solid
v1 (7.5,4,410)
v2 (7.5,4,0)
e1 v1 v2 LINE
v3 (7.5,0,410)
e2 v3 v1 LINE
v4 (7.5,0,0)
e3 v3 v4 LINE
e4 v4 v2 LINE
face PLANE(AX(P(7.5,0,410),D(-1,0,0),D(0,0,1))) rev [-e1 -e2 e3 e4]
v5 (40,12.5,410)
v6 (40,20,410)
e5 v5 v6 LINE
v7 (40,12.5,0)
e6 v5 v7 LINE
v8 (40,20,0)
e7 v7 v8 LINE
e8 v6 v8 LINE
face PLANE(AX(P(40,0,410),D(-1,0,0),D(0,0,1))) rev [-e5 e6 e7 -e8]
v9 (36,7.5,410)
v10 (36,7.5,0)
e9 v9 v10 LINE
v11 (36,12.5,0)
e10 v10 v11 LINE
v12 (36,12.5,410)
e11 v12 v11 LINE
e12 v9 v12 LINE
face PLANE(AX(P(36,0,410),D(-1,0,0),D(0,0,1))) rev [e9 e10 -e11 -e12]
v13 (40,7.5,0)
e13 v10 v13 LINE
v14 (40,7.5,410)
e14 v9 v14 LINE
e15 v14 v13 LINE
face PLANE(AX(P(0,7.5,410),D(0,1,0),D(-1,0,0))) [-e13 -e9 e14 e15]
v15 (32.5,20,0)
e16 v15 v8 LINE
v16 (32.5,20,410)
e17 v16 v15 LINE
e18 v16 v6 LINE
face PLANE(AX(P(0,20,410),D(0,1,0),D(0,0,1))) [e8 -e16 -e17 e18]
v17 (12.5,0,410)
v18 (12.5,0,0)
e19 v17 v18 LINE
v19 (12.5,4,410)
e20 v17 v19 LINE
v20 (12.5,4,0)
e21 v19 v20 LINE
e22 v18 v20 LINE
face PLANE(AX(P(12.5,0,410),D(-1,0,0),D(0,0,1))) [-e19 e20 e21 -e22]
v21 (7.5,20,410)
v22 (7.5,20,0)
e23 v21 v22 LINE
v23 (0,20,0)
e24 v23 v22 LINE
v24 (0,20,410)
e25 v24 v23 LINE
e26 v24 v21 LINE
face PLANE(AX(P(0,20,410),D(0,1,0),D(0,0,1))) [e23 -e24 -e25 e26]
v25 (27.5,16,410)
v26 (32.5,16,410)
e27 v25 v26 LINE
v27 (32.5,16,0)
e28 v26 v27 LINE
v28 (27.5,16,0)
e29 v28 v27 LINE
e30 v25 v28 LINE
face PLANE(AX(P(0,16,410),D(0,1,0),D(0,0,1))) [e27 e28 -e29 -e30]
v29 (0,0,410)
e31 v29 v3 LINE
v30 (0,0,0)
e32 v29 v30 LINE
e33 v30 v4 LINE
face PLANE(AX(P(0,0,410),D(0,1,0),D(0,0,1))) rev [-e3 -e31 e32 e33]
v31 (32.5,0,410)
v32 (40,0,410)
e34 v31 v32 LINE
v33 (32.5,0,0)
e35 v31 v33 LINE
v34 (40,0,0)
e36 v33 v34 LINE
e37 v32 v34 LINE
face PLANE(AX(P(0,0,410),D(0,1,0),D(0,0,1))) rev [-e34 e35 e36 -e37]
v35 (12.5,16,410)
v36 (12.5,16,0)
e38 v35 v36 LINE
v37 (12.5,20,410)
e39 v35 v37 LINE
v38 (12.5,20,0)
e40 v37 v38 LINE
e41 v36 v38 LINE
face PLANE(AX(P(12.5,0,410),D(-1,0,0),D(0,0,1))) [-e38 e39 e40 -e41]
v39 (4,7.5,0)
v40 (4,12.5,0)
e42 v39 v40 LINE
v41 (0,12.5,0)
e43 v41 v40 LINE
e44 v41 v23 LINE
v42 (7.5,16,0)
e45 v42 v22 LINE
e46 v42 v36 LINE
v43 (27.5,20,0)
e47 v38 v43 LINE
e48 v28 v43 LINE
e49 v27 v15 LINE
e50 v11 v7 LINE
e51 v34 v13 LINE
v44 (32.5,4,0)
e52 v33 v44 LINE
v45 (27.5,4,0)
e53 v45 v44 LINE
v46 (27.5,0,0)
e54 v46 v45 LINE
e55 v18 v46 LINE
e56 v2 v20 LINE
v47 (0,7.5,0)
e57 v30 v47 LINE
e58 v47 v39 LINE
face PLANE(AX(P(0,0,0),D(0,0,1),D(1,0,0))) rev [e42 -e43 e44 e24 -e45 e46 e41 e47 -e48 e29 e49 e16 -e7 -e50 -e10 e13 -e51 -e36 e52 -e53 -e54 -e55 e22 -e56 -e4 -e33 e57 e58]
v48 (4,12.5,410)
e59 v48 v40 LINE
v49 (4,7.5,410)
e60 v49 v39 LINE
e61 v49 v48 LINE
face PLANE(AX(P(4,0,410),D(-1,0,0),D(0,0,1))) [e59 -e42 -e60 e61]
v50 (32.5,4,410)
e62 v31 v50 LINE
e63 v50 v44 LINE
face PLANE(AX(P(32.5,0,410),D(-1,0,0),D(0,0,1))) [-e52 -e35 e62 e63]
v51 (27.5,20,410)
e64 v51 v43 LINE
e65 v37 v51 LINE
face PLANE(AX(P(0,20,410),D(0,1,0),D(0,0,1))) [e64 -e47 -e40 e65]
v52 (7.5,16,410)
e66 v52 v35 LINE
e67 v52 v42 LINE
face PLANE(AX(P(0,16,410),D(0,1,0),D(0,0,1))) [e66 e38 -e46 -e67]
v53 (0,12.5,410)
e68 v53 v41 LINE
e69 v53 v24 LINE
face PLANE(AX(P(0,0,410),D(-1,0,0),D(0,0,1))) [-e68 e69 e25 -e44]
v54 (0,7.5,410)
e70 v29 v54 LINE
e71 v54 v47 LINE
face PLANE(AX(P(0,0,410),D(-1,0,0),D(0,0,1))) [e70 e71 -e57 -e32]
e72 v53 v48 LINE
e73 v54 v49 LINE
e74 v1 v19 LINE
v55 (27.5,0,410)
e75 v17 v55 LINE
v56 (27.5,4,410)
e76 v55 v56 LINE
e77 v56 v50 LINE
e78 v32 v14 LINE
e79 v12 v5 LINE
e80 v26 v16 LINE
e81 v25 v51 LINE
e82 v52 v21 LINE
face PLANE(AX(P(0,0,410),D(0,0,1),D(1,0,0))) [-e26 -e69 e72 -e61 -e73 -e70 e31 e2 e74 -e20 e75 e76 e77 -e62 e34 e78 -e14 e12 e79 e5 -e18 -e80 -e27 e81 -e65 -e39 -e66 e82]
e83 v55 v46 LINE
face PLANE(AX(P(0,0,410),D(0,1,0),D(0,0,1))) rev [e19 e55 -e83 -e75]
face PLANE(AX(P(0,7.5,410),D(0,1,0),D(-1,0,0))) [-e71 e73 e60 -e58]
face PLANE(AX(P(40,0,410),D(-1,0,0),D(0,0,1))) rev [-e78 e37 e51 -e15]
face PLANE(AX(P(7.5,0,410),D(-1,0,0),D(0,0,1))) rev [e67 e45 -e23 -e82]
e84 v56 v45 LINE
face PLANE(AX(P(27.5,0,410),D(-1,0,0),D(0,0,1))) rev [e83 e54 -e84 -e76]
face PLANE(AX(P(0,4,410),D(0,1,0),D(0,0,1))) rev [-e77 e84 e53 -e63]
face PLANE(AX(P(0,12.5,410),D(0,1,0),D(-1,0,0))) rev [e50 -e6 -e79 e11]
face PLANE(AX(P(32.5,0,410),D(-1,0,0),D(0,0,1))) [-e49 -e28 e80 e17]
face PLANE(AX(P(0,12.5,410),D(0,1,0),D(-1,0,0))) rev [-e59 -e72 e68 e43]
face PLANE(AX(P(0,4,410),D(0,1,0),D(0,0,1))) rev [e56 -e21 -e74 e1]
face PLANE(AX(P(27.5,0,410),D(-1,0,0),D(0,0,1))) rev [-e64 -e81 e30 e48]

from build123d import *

# Parameters (mm, degrees)
ESQUISSE1_W        = 3.5
ESQUISSE1_H        = 5
ESQUISSE1_W_2      = 5
ESQUISSE1_H_2      = 3.5
ESQUISSE1_W_3      = 4
BOSS_EXTRU_1_DEPTH = 410


with BuildPart() as part:
    # Esquisse1 → Boss.-Extru.1 (new body)
    with BuildSketch(Plane.XY):
        Polygon((7.5, 16), (7.5, 20), (0, 20), (4, 16), align=None)
        Polygon((4, 16), (0, 20), (0, 12.5), (4, 12.5), align=None)
        Polygon((4, 7.5), (0, 7.5), (0, 0), (4, 4), align=None)
        Polygon((0, 0), (7.5, 0), (7.5, 4), (4, 4), align=None)
        Polygon((4, 4), (7.5, 7.5), (4, 7.5), align=None)
        Polygon((7.5, 4), (7.5, 7.5), (4, 4), align=None)
        Polygon((4, 12.5), (7.5, 12.5), (4, 16), align=None)
        Polygon((7.5, 12.5), (7.5, 16), (4, 16), align=None)
        with Locations((5.75, 10)):
            Rectangle(ESQUISSE1_W, ESQUISSE1_H)
        Polygon((7.5, 7.5), (10, 10), (7.5, 12.5), align=None)
        Polygon((10, 10), (12.5, 12.5), (7.5, 12.5), align=None)
        Polygon((12.5, 7.5), (12.5, 12.5), (10, 10), align=None)
        Polygon((12.5, 7.5), (10, 10), (7.5, 7.5), align=None)
        Polygon((16, 4), (12.5, 7.5), (12.5, 4), align=None)
        Polygon((16, 4), (16, 7.5), (12.5, 7.5), align=None)
        Polygon((20, 0), (20, 7.5), (16, 7.5), (16, 4), align=None)
        with Locations((10, 14.25)):
            Rectangle(ESQUISSE1_W_2, ESQUISSE1_H_2)
        with Locations((14.25, 10)):
            Rectangle(ESQUISSE1_W, ESQUISSE1_H)
        Polygon((12.5, 12.5), (16, 16), (12.5, 16), align=None)
        Polygon((16, 16), (20, 20), (12.5, 20), (12.5, 16), align=None)
        Polygon((16, 12.5), (16, 16), (12.5, 12.5), align=None)
        Polygon((20, 12.5), (20, 20), (16, 16), (16, 12.5), align=None)
        Polygon((12.5, 0), (20, 0), (16, 4), (12.5, 4), align=None)
        with Locations((10, 5.75)):
            Rectangle(ESQUISSE1_W_2, ESQUISSE1_H_2)
        with Locations((18, 10)):
            Rectangle(ESQUISSE1_W_3, ESQUISSE1_H)
        with Locations((22, 10)):
            Rectangle(ESQUISSE1_W_3, ESQUISSE1_H)
        Polygon((24, 16), (20, 20), (20, 12.5), (24, 12.5), align=None)
        Polygon((27.5, 20), (20, 20), (24, 16), (27.5, 16), align=None)
        Polygon((27.5, 12.5), (24, 16), (24, 12.5), align=None)
        Polygon((27.5, 16), (24, 16), (27.5, 12.5), align=None)
        with Locations((25.75, 10)):
            Rectangle(ESQUISSE1_W, ESQUISSE1_H)
        Polygon((27.5, 7.5), (24, 7.5), (24, 4), align=None)
        Polygon((24, 7.5), (20, 7.5), (20, 0), (24, 4), align=None)
        Polygon((24, 4), (20, 0), (27.5, 0), (27.5, 4), align=None)
        Polygon((27.5, 4), (27.5, 7.5), (24, 4), align=None)
        with Locations((30, 5.75)):
            Rectangle(ESQUISSE1_W_2, ESQUISSE1_H_2)
        Polygon((36, 4), (32.5, 7.5), (32.5, 4), align=None)
        Polygon((36, 7.5), (32.5, 7.5), (36, 4), align=None)
        Polygon((40, 0), (40, 7.5), (36, 7.5), (36, 4), align=None)
        Polygon((32.5, 4), (32.5, 0), (40, 0), (36, 4), align=None)
        with Locations((34.25, 10)):
            Rectangle(ESQUISSE1_W, ESQUISSE1_H)
        Polygon((32.5, 12.5), (30, 10), (32.5, 7.5), align=None)
        Polygon((32.5, 7.5), (30, 10), (27.5, 7.5), align=None)
        Polygon((30, 10), (27.5, 12.5), (27.5, 7.5), align=None)
        Polygon((32.5, 12.5), (27.5, 12.5), (30, 10), align=None)
        Polygon((36, 16), (32.5, 12.5), (36, 12.5), align=None)
        Polygon((36, 16), (32.5, 16), (32.5, 12.5), align=None)
        Polygon((40, 20), (32.5, 20), (32.5, 16), (36, 16), align=None)
        Polygon((40, 12.5), (40, 20), (36, 16), (36, 12.5), align=None)
        with Locations((30, 14.25)):
            Rectangle(ESQUISSE1_W_2, ESQUISSE1_H_2)
    extrude(amount=BOSS_EXTRU_1_DEPTH)


solid = part.part
